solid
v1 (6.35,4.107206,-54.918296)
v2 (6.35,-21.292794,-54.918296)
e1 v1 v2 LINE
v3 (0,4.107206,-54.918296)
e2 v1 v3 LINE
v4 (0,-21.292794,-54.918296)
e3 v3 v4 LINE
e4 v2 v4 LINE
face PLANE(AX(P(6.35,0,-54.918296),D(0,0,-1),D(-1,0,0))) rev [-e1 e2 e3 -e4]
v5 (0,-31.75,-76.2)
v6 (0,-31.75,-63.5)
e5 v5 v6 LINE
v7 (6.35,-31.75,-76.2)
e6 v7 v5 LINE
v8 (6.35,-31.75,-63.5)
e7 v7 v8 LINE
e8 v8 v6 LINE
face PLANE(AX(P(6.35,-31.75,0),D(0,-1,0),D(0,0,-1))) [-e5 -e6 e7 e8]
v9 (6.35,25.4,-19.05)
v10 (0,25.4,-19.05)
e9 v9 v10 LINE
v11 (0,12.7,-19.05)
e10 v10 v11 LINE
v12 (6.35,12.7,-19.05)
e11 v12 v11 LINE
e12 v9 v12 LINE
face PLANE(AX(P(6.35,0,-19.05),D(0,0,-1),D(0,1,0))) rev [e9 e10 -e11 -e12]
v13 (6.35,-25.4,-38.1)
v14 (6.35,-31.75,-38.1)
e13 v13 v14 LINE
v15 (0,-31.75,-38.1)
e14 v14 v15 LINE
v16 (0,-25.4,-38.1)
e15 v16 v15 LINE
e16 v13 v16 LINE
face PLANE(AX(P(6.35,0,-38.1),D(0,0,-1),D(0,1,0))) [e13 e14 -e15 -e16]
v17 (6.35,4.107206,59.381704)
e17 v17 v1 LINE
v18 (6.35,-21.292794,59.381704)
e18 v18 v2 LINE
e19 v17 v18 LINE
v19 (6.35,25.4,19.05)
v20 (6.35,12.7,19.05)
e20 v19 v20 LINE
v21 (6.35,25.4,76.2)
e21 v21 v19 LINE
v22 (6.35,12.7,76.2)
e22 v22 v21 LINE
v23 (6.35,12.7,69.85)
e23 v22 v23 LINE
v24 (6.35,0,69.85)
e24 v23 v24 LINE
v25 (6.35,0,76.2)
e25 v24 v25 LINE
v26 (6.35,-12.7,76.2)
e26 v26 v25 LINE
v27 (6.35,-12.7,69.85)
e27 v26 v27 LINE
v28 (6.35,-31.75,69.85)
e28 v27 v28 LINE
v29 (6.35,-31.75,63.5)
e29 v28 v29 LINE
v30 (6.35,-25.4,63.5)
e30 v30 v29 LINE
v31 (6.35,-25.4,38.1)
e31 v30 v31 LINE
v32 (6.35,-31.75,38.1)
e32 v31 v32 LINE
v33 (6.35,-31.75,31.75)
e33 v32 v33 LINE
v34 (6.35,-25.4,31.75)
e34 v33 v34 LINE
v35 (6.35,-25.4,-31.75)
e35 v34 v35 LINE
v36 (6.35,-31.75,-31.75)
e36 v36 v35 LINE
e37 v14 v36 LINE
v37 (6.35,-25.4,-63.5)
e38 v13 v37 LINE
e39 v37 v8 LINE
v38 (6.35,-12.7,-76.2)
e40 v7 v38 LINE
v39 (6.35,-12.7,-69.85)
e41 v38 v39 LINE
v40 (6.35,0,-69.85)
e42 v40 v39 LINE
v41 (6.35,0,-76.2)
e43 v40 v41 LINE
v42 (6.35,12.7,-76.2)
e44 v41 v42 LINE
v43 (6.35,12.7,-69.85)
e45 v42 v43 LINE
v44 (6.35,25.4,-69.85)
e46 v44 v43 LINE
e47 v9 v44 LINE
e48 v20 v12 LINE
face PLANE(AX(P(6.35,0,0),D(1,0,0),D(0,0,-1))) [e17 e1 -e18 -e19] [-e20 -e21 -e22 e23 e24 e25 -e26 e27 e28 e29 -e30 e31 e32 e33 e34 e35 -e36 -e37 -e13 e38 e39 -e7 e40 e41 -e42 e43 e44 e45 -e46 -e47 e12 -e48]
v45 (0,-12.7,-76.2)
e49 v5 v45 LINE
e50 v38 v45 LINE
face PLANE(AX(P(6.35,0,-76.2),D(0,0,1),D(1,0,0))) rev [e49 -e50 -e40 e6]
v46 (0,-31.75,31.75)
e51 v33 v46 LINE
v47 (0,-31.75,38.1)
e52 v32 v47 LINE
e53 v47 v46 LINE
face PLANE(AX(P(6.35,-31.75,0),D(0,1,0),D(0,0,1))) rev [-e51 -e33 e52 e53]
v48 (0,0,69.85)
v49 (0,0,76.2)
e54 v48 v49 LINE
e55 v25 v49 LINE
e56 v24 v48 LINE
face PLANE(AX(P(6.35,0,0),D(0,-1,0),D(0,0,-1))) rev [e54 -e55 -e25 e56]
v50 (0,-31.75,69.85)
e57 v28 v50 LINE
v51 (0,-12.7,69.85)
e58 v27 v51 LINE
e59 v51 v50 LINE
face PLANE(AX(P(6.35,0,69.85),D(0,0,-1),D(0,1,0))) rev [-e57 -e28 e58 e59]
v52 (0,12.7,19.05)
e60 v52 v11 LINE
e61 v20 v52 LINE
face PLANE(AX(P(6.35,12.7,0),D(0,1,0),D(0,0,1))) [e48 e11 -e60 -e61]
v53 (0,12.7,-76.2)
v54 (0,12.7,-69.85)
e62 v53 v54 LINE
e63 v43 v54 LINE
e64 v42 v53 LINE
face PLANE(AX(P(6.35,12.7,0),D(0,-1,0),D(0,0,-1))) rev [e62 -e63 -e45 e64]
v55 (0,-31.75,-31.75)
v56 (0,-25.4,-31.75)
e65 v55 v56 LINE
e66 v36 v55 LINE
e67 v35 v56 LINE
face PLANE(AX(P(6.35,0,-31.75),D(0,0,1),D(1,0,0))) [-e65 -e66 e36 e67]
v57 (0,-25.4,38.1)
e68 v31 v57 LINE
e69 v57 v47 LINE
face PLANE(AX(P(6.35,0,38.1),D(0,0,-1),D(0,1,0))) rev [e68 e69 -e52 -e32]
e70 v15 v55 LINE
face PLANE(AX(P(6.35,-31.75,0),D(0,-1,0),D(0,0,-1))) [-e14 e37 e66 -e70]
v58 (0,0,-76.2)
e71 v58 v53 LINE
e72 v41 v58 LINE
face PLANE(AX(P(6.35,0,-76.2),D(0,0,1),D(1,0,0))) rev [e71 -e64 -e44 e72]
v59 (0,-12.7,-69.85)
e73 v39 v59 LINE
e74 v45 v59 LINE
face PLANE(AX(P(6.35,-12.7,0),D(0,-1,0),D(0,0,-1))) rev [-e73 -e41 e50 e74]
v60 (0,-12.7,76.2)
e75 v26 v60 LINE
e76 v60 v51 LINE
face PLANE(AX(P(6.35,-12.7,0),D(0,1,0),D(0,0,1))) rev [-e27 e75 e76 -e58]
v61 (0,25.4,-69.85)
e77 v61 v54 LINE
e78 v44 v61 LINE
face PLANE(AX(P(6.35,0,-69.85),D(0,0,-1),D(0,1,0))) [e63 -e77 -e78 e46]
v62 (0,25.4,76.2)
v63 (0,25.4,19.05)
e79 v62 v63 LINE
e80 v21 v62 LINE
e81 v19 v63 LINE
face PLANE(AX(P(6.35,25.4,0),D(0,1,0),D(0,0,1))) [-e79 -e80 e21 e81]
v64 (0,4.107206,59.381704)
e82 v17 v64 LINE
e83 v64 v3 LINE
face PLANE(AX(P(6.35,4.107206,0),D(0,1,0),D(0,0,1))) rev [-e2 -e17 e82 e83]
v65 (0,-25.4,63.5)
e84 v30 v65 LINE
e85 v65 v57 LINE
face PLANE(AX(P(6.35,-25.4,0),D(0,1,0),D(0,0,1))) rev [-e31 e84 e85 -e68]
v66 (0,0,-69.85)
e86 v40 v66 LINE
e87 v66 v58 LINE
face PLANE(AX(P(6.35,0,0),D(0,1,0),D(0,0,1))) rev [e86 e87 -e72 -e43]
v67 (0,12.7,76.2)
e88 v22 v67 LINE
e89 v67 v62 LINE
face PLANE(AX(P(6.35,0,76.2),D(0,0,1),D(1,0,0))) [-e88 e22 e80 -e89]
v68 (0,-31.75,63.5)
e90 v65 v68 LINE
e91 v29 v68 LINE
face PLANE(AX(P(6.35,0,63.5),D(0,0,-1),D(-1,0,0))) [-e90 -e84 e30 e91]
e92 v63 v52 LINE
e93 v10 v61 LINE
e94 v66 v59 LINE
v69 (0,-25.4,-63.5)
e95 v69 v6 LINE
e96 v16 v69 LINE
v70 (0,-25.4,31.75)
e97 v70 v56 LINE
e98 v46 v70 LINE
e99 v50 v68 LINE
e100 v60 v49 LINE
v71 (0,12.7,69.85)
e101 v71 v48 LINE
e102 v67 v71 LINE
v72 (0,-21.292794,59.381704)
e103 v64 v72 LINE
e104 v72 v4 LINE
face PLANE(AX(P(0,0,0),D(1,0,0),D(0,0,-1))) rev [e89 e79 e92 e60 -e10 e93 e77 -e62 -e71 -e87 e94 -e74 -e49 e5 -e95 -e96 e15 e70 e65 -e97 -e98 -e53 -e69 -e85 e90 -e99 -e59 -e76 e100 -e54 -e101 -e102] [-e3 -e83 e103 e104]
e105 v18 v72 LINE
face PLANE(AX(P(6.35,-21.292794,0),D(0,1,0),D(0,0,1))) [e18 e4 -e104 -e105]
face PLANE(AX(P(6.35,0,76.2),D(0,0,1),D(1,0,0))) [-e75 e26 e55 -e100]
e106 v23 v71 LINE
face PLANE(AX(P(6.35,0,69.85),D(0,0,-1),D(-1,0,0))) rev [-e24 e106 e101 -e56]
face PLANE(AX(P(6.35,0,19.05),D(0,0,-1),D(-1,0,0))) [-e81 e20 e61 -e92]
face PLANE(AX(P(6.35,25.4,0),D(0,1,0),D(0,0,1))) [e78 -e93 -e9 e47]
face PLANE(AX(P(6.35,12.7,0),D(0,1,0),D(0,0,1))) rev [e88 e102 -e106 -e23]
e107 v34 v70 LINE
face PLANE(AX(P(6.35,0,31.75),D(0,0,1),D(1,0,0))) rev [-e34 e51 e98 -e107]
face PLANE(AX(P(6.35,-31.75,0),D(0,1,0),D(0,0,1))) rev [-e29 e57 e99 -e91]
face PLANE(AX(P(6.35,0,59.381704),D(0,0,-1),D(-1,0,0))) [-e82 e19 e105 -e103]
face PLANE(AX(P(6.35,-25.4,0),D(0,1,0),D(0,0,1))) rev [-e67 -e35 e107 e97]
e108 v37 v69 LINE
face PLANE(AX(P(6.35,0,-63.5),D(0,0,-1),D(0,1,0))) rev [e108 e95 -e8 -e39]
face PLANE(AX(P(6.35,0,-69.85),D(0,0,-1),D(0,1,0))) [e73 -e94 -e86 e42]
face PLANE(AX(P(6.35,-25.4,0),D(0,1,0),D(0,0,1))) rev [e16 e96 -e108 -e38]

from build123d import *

# Parameters (mm, degrees)
SKETCH1_W           = 114.3
SKETCH1_H           = 25.4
BOSS_EXTRUDE1_DEPTH = 6.35
SKETCH1_4_W         = 6.35
SKETCH1_4_H         = 6.35
BOSS_EXTRUDE2_DEPTH = 6.35


with BuildPart() as part:
    # Sketch1 → Boss-Extrude1 (new body)
    with BuildSketch(Plane(origin=(0, 0, 0), x_dir=(0, 0, -1), z_dir=(1, 0, 0))):
        Polygon((-76.2, 25.4), (-76.2, 12.7), (-69.85, 12.7), (-69.85, 0), (-76.2, 0), (-76.2, -12.7), (-69.85, -12.7), (-69.85, -31.75), (-63.5, -31.75), (-63.5, -25.4), (-38.1, -25.4), (-38.1, -31.75), (-31.75, -31.75), (-31.75, -25.4), (31.75, -25.4), (31.75, -31.75), (38.1, -31.75), (38.1, -25.4), (63.5, -25.4), (63.5, -31.75), (69.85, -31.75), (69.85, -25.4), (76.2, -25.4), (76.2, -12.7), (69.85, -12.7), (69.85, 0), (76.2, 0), (76.2, 12.7), (69.85, 12.7), (69.85, 25.4), (19.05, 25.4), (19.05, 12.7), (-19.05, 12.7), (-19.05, 25.4), align=None)
        with Locations((-2.231703523, -8.592794364)):
            Rectangle(SKETCH1_W, SKETCH1_H, mode=Mode.SUBTRACT)
    extrude(amount=BOSS_EXTRUDE1_DEPTH)

    # Sketch1<4> → Boss-Extrude2 (add)
    with BuildSketch(Plane(origin=(0, 0, 0), x_dir=(0, 0, -1), z_dir=(1, 0, 0))):
        with Locations((73.025, -28.575)):
            Rectangle(SKETCH1_4_W, SKETCH1_4_H)
    extrude(amount=BOSS_EXTRUDE2_DEPTH)


solid = part.part
